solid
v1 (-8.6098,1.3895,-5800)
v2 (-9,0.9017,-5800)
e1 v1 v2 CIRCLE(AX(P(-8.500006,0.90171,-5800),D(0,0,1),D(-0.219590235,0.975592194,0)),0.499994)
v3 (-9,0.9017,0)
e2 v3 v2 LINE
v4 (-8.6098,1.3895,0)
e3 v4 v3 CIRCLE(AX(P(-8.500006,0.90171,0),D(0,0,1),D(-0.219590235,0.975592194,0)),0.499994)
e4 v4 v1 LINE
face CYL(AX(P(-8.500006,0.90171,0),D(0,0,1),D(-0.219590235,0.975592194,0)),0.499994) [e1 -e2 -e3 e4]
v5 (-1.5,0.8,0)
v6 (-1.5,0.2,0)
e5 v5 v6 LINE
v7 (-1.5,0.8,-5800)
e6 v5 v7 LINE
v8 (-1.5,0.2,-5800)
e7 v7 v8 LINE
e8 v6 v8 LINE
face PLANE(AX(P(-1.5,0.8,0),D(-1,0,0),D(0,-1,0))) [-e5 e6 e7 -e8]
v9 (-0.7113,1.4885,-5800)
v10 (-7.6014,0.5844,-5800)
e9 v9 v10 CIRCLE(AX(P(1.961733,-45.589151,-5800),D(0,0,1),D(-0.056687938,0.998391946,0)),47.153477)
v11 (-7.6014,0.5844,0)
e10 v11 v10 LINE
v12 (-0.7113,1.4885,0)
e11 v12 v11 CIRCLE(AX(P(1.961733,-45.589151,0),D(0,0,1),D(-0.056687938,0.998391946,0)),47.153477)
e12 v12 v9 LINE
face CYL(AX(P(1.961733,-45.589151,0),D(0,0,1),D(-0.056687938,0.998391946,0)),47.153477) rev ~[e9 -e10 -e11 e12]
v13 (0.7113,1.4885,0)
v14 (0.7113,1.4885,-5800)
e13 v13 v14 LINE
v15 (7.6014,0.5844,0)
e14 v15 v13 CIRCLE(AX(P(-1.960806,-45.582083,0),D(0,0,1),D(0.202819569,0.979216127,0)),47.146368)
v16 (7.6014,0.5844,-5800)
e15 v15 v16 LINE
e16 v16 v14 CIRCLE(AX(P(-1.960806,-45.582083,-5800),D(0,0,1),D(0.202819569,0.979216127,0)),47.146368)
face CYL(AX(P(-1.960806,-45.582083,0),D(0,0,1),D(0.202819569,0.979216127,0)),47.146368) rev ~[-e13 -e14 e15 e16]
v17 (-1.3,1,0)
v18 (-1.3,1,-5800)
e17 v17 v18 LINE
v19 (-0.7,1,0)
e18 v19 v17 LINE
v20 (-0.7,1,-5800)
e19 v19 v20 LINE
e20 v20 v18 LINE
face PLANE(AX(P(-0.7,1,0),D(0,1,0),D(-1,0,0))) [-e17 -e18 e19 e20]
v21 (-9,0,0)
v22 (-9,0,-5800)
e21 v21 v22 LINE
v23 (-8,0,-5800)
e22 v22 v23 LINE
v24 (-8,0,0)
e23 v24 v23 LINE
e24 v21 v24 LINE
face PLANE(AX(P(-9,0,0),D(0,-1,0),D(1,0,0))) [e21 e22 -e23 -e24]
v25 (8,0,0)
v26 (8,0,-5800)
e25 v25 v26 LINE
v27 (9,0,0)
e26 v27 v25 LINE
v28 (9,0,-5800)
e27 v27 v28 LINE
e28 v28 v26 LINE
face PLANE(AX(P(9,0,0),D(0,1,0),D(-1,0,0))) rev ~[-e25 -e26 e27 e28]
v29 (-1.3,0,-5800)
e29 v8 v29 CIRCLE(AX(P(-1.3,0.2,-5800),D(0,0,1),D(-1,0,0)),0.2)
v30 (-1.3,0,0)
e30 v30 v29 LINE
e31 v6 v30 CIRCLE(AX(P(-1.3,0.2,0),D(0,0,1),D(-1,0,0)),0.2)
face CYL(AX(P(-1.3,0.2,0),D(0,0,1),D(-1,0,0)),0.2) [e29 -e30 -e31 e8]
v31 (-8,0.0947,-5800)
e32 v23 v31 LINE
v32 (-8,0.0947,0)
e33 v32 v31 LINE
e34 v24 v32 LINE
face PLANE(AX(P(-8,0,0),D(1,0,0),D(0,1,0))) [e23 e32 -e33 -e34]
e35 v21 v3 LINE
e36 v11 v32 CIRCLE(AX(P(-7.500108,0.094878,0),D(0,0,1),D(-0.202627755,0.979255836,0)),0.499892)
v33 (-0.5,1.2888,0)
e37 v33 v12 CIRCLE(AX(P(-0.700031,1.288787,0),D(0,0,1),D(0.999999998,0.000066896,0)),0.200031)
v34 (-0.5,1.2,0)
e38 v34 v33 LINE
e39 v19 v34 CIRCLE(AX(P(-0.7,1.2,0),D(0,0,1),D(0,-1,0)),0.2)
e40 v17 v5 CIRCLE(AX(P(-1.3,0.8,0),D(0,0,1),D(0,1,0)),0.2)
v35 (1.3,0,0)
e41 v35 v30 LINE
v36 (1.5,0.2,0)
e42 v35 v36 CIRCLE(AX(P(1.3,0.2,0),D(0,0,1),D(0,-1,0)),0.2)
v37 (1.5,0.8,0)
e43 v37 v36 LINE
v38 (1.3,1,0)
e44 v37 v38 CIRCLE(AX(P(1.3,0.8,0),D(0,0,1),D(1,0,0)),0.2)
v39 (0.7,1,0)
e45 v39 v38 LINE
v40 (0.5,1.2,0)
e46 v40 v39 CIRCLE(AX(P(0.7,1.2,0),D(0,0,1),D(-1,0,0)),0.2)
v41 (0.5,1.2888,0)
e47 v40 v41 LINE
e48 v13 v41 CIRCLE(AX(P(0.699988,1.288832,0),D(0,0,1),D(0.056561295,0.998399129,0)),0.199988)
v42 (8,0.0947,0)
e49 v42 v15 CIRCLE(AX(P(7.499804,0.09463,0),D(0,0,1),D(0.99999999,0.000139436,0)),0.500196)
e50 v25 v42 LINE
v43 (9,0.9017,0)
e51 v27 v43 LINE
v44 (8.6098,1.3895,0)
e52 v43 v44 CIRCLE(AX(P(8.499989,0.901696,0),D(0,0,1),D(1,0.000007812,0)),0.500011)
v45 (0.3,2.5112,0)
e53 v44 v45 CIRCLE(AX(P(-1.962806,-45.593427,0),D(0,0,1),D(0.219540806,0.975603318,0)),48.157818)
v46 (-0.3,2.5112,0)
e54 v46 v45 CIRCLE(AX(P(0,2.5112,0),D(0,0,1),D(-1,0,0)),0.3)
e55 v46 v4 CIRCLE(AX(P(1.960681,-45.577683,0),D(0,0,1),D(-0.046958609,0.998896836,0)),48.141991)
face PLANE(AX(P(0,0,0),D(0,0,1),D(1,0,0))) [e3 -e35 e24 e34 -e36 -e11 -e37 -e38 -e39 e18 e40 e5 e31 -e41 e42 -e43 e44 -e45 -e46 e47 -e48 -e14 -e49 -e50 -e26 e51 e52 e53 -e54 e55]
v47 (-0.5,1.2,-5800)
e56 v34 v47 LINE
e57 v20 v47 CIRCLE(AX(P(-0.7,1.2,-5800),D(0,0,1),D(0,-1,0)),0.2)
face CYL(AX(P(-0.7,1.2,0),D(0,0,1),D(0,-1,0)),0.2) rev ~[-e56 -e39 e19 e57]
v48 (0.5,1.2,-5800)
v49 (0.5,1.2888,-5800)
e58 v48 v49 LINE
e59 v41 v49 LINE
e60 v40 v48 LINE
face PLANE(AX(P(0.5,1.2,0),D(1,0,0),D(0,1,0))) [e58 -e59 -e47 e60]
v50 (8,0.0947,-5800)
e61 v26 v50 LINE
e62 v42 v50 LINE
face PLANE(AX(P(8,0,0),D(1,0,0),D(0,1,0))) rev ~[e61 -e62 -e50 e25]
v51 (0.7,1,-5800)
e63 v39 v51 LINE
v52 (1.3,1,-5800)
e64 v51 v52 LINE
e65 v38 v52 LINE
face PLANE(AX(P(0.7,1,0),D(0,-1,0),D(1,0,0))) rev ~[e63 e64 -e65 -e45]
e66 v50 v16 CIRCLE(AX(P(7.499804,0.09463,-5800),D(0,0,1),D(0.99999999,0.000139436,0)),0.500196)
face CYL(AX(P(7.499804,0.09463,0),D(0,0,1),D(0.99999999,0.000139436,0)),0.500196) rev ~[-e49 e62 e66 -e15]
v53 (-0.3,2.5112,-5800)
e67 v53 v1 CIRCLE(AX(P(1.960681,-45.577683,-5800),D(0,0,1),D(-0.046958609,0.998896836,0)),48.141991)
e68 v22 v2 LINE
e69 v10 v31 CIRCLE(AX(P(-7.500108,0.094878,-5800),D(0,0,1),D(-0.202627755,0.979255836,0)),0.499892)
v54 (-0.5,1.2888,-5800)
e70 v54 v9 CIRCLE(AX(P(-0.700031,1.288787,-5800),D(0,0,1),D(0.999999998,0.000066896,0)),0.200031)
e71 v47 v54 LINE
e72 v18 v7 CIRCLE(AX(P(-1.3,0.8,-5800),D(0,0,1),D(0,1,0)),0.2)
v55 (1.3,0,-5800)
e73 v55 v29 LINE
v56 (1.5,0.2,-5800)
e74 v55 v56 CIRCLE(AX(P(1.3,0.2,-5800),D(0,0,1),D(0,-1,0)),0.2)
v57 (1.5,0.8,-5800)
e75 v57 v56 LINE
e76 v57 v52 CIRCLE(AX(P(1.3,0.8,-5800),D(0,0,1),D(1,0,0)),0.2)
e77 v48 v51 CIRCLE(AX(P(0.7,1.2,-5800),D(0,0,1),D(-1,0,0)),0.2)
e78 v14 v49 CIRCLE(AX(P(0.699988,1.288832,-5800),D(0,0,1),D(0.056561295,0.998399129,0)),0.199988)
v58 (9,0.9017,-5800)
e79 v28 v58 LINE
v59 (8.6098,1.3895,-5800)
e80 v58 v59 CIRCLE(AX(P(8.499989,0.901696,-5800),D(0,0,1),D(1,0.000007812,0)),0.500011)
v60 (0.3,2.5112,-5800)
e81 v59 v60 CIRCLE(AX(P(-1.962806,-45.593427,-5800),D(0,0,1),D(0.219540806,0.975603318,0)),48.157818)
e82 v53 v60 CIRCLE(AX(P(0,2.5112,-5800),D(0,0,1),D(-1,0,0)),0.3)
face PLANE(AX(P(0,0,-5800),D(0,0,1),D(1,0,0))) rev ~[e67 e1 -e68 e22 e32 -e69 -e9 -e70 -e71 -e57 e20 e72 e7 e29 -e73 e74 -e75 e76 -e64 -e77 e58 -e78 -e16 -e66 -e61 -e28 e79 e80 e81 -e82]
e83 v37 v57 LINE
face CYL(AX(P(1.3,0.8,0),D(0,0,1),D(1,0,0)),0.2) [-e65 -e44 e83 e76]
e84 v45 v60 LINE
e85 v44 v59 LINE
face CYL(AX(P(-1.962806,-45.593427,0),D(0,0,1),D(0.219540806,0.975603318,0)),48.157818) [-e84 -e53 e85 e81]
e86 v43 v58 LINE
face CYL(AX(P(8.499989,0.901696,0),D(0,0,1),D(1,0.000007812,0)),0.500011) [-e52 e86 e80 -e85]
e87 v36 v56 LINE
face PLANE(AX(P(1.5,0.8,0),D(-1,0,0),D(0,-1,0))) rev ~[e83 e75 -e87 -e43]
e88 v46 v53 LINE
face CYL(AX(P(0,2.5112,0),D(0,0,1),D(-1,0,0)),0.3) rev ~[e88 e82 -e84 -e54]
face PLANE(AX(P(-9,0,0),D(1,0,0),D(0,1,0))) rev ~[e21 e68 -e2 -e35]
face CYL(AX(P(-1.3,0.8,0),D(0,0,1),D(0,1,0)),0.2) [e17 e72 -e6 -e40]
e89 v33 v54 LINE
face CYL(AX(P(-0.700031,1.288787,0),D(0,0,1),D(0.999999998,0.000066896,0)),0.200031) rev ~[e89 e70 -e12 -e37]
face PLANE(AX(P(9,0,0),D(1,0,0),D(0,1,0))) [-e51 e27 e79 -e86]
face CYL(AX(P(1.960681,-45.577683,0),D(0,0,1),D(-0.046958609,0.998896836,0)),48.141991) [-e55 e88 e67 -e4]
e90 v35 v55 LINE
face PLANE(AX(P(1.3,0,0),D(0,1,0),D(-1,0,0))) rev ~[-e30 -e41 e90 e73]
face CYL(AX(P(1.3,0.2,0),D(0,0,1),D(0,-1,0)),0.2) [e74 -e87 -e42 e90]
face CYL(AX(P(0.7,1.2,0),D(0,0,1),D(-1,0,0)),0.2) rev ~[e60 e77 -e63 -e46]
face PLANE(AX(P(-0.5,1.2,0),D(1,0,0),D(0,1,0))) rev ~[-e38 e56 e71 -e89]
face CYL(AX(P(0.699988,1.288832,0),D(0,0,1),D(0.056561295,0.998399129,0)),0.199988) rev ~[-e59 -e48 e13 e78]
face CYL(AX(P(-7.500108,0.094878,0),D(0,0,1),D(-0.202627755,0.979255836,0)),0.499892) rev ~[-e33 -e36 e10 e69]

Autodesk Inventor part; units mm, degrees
ref_plane "YZ Plane" through (0, 0, 0) normal (1, 0, 0) x (0, 1, 0)
ref_plane "XZ Plane" through (0, 0, 0) normal (0, 1, 0) x (-1, 0, 0)
ref_plane "XY Plane" through (0, 0, 0) normal (0, 0, 1) x (1, 0, 0)
sketch "Boceto1" plane through (0, 0, 0) normal (0, 0, 1) x (1, 0, 0)
  line L0 (0, -2.926) -> (0, 4.2457) construction
  line L1 (-0.5, 1.2) -> (-0.5, 1.2888)
  line L2 (-0.7, 1) -> (-1.3, 1)
  line L3 (-1.5, 0.8) -> (-1.5, 0.2)
  line L4 (-9, 0) -> (-8, 0)
  line L5 (-8, 0) -> (-8, 0.0947)
  line L6 (-9, 0) -> (-9, 0.9017)
  arc A0 (-0.3, 2.5112) -> (-8.6098, 1.3895) centre (1.9614, -45.5856) ccw
  arc A1 (-0.7113, 1.4885) -> (-7.6014, 0.5844) centre (1.9614, -45.5856) ccw
  line L7 (0.5, 1.2) -> (0.5, 1.2888)
  line L8 (0.7, 1) -> (1.3, 1)
  line L9 (1.5, 0.8) -> (1.5, 0.2)
  line L10 (9, 0) -> (8, 0)
  line L11 (8, 0) -> (8, 0.0947)
  line L12 (9, 0) -> (9, 0.9017)
  arc A2 (8.6098, 1.3895) -> (0.3, 2.5112) centre (-1.9614, -45.5856) ccw
  arc A3 (7.6014, 0.5844) -> (0.7113, 1.4885) centre (-1.9614, -45.5856) ccw
  line L13 (1.3, 0) -> (-1.3, 0)
  arc A4 (-0.3, 2.5112) -> (0.3, 2.5112) centre (0, 2.5112) ccw
  arc A5 (-8.6098, 1.3895) -> (-9, 0.9017) centre (-8.5, 0.9017) ccw
  arc A6 (-7.6014, 0.5844) -> (-8, 0.0947) centre (-7.5, 0.0947) ccw
  arc A7 (8, 0.0947) -> (7.6014, 0.5844) centre (7.5, 0.0947) ccw
  arc A8 (9, 0.9017) -> (8.6098, 1.3895) centre (8.5, 0.9017) ccw
  arc A9 (-0.7, 1) -> (-0.5, 1.2) centre (-0.7, 1.2) ccw
  arc A10 (-0.5, 1.2888) -> (-0.7113, 1.4885) centre (-0.7, 1.2888) ccw
  arc A11 (0.7113, 1.4885) -> (0.5, 1.2888) centre (0.7, 1.2888) ccw
  arc A12 (0.5, 1.2) -> (0.7, 1) centre (0.7, 1.2) ccw
  arc A13 (1.5, 0.8) -> (1.3, 1) centre (1.3, 0.8) ccw
  arc A14 (1.3, 0) -> (1.5, 0.2) centre (1.3, 0.2) ccw
  arc A15 (-1.5, 0.2) -> (-1.3, 0) centre (-1.3, 0.2) ccw
  arc A16 (-1.3, 1) -> (-1.5, 0.8) centre (-1.3, 0.8) ccw
  line L14 (-1.0156, 2.5112) -> (0.9053, 2.5112) construction
  point P0 (0, 0)
  point P1 (-0.5, 1)
  point P2 (-1.5, 1)
  point P3 (-1.5, 0)
  point P4 (-8, 0.5)
  point P5 (-9, 1.3)
  point P6 (-0.5, 1.5)
  point P7 (8, 0.5)
  point P8 (9, 1.3)
  point P9 (0.5, 1.5)
  dimension "d21" = 1
  dimension "d26" = 0.5
  dimension "d31" = 1
  dimension "d34" = 0.5
  dimension "d35" = 1.3
  dimension "d37" = 1
  dimension "d38" = 0.5
  dimension "d39" = 9
  dimension "d41" = 1
  dimension "d42" = 3
  dimension "d43" = 1.5
  dimension "d44" = 1.5
  dimension "d45" = 1
  dimension "d46" = 1.3
  dimension "d47" = 0.5
  dimension "d48" = 1
  dimension "d49" = 18
  dimension "d56" = 0.6
  dimension "d63" = 0.5
  dimension "d64" = 0.2
  dimension "d66" = 2.5112
extrude "Extrusión1" add sketch "Boceto1" against normal blind 5800
properties part number "SP40-14 PERFIL RETICULAR TRAVESAÑO" material "Aluminio"
